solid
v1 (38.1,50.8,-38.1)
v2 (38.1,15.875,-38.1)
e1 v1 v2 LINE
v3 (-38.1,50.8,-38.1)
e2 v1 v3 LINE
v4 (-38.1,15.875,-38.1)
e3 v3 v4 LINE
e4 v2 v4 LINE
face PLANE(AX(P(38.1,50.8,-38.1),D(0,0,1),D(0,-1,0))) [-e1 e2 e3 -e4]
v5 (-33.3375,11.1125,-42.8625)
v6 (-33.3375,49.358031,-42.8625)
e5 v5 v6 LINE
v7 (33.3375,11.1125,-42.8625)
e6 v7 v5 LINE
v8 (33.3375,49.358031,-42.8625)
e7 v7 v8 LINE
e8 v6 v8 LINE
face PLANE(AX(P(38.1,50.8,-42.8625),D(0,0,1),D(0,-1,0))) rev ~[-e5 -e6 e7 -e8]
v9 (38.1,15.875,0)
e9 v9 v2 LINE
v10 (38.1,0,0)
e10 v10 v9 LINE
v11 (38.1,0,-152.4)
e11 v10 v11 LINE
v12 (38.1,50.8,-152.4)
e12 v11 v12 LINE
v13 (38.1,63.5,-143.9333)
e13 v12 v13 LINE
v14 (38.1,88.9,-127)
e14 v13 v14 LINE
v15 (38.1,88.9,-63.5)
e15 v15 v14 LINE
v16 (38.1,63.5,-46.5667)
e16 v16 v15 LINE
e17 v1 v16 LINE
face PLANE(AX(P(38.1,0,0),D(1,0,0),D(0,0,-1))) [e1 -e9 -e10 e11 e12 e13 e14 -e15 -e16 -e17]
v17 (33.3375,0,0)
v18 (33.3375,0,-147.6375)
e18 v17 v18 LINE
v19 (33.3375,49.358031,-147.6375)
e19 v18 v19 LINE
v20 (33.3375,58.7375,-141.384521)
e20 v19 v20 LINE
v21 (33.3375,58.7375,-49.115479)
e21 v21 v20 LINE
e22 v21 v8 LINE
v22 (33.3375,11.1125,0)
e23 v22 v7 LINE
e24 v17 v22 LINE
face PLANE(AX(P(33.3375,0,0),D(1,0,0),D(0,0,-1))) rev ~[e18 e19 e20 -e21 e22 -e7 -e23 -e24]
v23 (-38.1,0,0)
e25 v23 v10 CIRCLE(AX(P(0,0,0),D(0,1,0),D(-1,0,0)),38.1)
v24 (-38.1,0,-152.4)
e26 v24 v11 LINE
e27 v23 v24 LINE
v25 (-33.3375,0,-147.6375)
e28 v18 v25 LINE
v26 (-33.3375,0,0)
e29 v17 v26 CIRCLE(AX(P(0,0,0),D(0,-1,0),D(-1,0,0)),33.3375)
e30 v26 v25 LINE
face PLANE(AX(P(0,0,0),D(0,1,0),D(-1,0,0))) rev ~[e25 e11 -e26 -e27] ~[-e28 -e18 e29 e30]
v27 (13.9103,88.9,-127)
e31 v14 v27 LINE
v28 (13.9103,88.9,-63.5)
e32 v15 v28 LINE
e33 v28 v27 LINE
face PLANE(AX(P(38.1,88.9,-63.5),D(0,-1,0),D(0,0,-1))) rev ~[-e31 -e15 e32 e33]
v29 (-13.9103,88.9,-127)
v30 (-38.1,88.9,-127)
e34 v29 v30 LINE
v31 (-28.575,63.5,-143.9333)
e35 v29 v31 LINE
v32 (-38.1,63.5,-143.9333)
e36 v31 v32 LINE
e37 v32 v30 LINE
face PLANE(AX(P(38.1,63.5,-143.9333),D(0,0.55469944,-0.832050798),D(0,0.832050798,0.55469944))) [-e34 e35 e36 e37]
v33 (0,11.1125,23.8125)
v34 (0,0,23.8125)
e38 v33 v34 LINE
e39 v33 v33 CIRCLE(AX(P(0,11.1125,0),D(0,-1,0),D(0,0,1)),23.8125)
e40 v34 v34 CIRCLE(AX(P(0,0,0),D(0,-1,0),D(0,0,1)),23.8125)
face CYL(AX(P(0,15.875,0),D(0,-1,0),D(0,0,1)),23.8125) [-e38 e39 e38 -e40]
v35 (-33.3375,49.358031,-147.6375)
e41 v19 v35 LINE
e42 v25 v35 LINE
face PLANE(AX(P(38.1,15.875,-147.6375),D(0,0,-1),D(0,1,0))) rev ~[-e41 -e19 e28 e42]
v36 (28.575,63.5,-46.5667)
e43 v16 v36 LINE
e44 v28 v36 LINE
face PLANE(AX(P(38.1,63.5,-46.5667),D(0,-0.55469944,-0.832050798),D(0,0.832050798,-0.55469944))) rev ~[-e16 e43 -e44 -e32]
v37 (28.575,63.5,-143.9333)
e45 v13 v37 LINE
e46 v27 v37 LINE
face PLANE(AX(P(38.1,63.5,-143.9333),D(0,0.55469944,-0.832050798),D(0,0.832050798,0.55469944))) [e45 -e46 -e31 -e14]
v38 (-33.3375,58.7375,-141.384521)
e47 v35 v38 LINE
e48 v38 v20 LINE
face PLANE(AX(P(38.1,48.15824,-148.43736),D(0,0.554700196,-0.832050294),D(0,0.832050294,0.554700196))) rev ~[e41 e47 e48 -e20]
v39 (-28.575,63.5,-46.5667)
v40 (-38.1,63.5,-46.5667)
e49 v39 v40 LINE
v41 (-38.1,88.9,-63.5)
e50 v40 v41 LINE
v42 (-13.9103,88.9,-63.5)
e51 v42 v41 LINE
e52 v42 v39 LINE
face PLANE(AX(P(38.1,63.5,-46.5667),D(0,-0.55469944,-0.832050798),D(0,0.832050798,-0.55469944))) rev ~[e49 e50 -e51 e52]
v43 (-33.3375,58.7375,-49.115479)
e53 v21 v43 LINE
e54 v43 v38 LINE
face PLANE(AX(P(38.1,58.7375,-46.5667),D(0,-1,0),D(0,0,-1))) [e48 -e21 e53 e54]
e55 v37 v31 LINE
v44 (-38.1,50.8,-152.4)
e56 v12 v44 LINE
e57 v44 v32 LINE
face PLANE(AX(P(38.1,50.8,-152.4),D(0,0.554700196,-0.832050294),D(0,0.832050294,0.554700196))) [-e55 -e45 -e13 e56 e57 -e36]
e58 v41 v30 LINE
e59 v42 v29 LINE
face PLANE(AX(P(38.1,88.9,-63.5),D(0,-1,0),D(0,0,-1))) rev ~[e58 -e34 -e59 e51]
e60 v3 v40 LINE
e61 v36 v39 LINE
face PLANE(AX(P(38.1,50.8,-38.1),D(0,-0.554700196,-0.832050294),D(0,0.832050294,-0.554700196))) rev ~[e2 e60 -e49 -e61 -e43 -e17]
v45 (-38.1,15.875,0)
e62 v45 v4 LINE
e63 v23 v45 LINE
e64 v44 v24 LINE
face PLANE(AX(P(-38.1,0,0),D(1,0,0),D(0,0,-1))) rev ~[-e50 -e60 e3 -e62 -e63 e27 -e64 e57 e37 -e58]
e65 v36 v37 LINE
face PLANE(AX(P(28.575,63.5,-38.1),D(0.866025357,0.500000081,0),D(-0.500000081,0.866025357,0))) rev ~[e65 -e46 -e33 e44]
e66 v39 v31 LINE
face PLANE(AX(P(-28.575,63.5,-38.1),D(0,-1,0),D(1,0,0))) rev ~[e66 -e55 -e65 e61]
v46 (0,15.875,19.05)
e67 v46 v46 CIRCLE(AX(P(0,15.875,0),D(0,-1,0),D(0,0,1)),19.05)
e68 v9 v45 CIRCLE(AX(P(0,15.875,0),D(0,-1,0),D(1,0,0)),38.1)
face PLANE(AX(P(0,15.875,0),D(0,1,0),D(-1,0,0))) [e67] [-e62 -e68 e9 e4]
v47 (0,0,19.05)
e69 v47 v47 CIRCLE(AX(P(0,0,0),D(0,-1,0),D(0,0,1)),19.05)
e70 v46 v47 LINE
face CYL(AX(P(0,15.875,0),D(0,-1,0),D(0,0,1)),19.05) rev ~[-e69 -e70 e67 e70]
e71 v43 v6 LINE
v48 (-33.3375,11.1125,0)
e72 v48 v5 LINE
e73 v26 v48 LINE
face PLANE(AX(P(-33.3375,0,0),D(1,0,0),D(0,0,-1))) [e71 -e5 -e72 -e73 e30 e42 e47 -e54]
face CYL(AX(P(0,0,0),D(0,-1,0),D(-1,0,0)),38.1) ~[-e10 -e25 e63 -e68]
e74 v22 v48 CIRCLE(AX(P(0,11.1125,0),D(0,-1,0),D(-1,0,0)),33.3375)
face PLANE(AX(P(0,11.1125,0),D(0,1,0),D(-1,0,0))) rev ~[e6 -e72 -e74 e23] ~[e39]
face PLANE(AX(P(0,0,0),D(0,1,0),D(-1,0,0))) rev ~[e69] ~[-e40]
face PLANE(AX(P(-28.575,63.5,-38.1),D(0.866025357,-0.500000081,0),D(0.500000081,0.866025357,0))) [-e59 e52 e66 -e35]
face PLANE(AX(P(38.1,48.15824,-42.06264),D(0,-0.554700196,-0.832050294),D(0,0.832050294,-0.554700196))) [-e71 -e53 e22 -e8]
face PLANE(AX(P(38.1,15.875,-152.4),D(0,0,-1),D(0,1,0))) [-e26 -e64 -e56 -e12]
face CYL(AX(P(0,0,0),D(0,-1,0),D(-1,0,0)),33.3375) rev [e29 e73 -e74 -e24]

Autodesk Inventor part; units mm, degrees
ref_plane "YZ Plane" through (0, 0, 0) normal (1, 0, 0) x (0, 1, 0)
ref_plane "XZ Plane" through (0, 0, 0) normal (0, 1, 0) x (-1, 0, 0)
ref_plane "XY Plane" through (0, 0, 0) normal (0, 0, 1) x (1, 0, 0)
sketch "Sketch1" plane through (0, 0, 0) normal (0, 1, 0) x (-1, 0, 0)
  arc A0 (38.1, 0) -> (-38.1, 0) centre (0, 0) ccw
  line L0 (38.1, 0) -> (38.1, -152.4)
  line L1 (-38.1, 0) -> (-38.1, -152.4)
  line L2 (0, -190.5) -> (0, 76.2) projected
  line L3 (53.34, 0) -> (-53.34, 0) projected
  line L4 (38.1, -152.4) -> (-38.1, -152.4)
  dimension "d0" = 76.2
  dimension "d1" = 152.4
  dimension "d2" = 152.4
extrude "Extrusion1" add sketch "Sketch1" along normal blind 15.875
sketch "Sketch2" plane through (0, 15.875, 0) normal (0, 1, 0) x (1, 0, 0)
  point P0 (0, 0)
  point P1 (0, 0)
hole "Hole1" at (0, 15.875, 0) direction (0, -1, 0) diameter 38.1 depth 15.875 tip angle 118
sketch "Sketch4" plane through (38.1, 0, 0) normal (1, 0, 0) x (0, 0, -1)
  line L0 (152.4, 15.875) -> (0, 15.875) projected
  line L1 (152.4, 15.875) -> (152.4, 50.8)
  line L2 (152.4, 50.8) -> (152.4, 88.9)
  line L3 (152.4, 88.9) -> (38.1, 88.9)
  line L4 (38.1, 88.9) -> (38.1, 15.875)
  line L5 (152.4, 50.8) -> (127, 88.9)
  line L6 (38.1, 50.8) -> (63.5, 88.9)
  line L7 (46.5667, 63.5) -> (143.9333, 63.5)
  point P0 (0, 0)
  dimension "d15" = 114.3
  dimension "d16" = 50.8
  dimension "d17" = 88.9
  dimension "d18" = 25.4
  dimension "d19" = 25.4
extrude "Extrusion2" add sketch "Sketch4" against normal blind 76.2 contours L0 L4 L6 L7 L5 L1
shell "Shell1" thickness 4.7625 removed faces 1 at (0, 0, -107.95)
sketch "Sketch5" plane through (38.1, 0, 0) normal (1, 0, 0) x (0, 0, -1)
  point P0 (0, 0)
sketch "Sketch6" plane through (38.1, 0, 0) normal (1, 0, 0) x (0, 0, -1)
  line L0 (38.1, 50.8) -> (38.1, 15.875) projected
  line L1 (38.1, 50.8) -> (38.1, 88.9)
  line L2 (38.1, 88.9) -> (152.4, 88.9)
  line L3 (152.4, 0) -> (152.4, 50.8) projected
  line L4 (152.4, 88.9) -> (152.4, 50.8)
  line L5 (46.5667, 63.5) -> (38.1, 50.8) projected
  line L6 (46.5667, 63.5) -> (63.5, 88.9)
  line L7 (152.4, 50.8) -> (143.9333, 63.5) projected
  line L8 (143.9333, 63.5) -> (127, 88.9)
  line L9 (46.5667, 63.5) -> (143.9333, 63.5)
  line L10 (0, 0) -> (152.4, 0) projected
  dimension "d23" = 38.1
extrude "Extrusion3" add sketch "Sketch6" against normal blind 76.2 contours L6 L2 L8 L9
sketch "Sketch8" plane through (38.1, 15.875, -38.1) normal (0, 0, 1) x (1, 0, 0)
  line L0 (-66.675, 47.625) -> (-9.525, 47.625)
  line L1 (0, 73.025) -> (-76.2, 73.025) projected
  line L2 (-66.675, 47.625) -> (-52.0103, 73.025)
  line L3 (-9.525, 47.625) -> (-24.1897, 73.025)
  line L4 (-52.0103, 73.025) -> (-24.1897, 73.025)
  point P0 (-38.1, -15.875)
  point P1 (-59.3427, 60.325)
  point P2 (-16.8573, 60.325)
  point P3 (-38.1, 73.025)
  point P4 (-38.1, 47.625)
  dimension "d31" = 57.15
  dimension "d32" = 25.4
  dimension "d33" = 60
extrude "Extrusion4" cut sketch "Sketch8" against normal blind 107.95
properties part number "Ch4 Part 4"
